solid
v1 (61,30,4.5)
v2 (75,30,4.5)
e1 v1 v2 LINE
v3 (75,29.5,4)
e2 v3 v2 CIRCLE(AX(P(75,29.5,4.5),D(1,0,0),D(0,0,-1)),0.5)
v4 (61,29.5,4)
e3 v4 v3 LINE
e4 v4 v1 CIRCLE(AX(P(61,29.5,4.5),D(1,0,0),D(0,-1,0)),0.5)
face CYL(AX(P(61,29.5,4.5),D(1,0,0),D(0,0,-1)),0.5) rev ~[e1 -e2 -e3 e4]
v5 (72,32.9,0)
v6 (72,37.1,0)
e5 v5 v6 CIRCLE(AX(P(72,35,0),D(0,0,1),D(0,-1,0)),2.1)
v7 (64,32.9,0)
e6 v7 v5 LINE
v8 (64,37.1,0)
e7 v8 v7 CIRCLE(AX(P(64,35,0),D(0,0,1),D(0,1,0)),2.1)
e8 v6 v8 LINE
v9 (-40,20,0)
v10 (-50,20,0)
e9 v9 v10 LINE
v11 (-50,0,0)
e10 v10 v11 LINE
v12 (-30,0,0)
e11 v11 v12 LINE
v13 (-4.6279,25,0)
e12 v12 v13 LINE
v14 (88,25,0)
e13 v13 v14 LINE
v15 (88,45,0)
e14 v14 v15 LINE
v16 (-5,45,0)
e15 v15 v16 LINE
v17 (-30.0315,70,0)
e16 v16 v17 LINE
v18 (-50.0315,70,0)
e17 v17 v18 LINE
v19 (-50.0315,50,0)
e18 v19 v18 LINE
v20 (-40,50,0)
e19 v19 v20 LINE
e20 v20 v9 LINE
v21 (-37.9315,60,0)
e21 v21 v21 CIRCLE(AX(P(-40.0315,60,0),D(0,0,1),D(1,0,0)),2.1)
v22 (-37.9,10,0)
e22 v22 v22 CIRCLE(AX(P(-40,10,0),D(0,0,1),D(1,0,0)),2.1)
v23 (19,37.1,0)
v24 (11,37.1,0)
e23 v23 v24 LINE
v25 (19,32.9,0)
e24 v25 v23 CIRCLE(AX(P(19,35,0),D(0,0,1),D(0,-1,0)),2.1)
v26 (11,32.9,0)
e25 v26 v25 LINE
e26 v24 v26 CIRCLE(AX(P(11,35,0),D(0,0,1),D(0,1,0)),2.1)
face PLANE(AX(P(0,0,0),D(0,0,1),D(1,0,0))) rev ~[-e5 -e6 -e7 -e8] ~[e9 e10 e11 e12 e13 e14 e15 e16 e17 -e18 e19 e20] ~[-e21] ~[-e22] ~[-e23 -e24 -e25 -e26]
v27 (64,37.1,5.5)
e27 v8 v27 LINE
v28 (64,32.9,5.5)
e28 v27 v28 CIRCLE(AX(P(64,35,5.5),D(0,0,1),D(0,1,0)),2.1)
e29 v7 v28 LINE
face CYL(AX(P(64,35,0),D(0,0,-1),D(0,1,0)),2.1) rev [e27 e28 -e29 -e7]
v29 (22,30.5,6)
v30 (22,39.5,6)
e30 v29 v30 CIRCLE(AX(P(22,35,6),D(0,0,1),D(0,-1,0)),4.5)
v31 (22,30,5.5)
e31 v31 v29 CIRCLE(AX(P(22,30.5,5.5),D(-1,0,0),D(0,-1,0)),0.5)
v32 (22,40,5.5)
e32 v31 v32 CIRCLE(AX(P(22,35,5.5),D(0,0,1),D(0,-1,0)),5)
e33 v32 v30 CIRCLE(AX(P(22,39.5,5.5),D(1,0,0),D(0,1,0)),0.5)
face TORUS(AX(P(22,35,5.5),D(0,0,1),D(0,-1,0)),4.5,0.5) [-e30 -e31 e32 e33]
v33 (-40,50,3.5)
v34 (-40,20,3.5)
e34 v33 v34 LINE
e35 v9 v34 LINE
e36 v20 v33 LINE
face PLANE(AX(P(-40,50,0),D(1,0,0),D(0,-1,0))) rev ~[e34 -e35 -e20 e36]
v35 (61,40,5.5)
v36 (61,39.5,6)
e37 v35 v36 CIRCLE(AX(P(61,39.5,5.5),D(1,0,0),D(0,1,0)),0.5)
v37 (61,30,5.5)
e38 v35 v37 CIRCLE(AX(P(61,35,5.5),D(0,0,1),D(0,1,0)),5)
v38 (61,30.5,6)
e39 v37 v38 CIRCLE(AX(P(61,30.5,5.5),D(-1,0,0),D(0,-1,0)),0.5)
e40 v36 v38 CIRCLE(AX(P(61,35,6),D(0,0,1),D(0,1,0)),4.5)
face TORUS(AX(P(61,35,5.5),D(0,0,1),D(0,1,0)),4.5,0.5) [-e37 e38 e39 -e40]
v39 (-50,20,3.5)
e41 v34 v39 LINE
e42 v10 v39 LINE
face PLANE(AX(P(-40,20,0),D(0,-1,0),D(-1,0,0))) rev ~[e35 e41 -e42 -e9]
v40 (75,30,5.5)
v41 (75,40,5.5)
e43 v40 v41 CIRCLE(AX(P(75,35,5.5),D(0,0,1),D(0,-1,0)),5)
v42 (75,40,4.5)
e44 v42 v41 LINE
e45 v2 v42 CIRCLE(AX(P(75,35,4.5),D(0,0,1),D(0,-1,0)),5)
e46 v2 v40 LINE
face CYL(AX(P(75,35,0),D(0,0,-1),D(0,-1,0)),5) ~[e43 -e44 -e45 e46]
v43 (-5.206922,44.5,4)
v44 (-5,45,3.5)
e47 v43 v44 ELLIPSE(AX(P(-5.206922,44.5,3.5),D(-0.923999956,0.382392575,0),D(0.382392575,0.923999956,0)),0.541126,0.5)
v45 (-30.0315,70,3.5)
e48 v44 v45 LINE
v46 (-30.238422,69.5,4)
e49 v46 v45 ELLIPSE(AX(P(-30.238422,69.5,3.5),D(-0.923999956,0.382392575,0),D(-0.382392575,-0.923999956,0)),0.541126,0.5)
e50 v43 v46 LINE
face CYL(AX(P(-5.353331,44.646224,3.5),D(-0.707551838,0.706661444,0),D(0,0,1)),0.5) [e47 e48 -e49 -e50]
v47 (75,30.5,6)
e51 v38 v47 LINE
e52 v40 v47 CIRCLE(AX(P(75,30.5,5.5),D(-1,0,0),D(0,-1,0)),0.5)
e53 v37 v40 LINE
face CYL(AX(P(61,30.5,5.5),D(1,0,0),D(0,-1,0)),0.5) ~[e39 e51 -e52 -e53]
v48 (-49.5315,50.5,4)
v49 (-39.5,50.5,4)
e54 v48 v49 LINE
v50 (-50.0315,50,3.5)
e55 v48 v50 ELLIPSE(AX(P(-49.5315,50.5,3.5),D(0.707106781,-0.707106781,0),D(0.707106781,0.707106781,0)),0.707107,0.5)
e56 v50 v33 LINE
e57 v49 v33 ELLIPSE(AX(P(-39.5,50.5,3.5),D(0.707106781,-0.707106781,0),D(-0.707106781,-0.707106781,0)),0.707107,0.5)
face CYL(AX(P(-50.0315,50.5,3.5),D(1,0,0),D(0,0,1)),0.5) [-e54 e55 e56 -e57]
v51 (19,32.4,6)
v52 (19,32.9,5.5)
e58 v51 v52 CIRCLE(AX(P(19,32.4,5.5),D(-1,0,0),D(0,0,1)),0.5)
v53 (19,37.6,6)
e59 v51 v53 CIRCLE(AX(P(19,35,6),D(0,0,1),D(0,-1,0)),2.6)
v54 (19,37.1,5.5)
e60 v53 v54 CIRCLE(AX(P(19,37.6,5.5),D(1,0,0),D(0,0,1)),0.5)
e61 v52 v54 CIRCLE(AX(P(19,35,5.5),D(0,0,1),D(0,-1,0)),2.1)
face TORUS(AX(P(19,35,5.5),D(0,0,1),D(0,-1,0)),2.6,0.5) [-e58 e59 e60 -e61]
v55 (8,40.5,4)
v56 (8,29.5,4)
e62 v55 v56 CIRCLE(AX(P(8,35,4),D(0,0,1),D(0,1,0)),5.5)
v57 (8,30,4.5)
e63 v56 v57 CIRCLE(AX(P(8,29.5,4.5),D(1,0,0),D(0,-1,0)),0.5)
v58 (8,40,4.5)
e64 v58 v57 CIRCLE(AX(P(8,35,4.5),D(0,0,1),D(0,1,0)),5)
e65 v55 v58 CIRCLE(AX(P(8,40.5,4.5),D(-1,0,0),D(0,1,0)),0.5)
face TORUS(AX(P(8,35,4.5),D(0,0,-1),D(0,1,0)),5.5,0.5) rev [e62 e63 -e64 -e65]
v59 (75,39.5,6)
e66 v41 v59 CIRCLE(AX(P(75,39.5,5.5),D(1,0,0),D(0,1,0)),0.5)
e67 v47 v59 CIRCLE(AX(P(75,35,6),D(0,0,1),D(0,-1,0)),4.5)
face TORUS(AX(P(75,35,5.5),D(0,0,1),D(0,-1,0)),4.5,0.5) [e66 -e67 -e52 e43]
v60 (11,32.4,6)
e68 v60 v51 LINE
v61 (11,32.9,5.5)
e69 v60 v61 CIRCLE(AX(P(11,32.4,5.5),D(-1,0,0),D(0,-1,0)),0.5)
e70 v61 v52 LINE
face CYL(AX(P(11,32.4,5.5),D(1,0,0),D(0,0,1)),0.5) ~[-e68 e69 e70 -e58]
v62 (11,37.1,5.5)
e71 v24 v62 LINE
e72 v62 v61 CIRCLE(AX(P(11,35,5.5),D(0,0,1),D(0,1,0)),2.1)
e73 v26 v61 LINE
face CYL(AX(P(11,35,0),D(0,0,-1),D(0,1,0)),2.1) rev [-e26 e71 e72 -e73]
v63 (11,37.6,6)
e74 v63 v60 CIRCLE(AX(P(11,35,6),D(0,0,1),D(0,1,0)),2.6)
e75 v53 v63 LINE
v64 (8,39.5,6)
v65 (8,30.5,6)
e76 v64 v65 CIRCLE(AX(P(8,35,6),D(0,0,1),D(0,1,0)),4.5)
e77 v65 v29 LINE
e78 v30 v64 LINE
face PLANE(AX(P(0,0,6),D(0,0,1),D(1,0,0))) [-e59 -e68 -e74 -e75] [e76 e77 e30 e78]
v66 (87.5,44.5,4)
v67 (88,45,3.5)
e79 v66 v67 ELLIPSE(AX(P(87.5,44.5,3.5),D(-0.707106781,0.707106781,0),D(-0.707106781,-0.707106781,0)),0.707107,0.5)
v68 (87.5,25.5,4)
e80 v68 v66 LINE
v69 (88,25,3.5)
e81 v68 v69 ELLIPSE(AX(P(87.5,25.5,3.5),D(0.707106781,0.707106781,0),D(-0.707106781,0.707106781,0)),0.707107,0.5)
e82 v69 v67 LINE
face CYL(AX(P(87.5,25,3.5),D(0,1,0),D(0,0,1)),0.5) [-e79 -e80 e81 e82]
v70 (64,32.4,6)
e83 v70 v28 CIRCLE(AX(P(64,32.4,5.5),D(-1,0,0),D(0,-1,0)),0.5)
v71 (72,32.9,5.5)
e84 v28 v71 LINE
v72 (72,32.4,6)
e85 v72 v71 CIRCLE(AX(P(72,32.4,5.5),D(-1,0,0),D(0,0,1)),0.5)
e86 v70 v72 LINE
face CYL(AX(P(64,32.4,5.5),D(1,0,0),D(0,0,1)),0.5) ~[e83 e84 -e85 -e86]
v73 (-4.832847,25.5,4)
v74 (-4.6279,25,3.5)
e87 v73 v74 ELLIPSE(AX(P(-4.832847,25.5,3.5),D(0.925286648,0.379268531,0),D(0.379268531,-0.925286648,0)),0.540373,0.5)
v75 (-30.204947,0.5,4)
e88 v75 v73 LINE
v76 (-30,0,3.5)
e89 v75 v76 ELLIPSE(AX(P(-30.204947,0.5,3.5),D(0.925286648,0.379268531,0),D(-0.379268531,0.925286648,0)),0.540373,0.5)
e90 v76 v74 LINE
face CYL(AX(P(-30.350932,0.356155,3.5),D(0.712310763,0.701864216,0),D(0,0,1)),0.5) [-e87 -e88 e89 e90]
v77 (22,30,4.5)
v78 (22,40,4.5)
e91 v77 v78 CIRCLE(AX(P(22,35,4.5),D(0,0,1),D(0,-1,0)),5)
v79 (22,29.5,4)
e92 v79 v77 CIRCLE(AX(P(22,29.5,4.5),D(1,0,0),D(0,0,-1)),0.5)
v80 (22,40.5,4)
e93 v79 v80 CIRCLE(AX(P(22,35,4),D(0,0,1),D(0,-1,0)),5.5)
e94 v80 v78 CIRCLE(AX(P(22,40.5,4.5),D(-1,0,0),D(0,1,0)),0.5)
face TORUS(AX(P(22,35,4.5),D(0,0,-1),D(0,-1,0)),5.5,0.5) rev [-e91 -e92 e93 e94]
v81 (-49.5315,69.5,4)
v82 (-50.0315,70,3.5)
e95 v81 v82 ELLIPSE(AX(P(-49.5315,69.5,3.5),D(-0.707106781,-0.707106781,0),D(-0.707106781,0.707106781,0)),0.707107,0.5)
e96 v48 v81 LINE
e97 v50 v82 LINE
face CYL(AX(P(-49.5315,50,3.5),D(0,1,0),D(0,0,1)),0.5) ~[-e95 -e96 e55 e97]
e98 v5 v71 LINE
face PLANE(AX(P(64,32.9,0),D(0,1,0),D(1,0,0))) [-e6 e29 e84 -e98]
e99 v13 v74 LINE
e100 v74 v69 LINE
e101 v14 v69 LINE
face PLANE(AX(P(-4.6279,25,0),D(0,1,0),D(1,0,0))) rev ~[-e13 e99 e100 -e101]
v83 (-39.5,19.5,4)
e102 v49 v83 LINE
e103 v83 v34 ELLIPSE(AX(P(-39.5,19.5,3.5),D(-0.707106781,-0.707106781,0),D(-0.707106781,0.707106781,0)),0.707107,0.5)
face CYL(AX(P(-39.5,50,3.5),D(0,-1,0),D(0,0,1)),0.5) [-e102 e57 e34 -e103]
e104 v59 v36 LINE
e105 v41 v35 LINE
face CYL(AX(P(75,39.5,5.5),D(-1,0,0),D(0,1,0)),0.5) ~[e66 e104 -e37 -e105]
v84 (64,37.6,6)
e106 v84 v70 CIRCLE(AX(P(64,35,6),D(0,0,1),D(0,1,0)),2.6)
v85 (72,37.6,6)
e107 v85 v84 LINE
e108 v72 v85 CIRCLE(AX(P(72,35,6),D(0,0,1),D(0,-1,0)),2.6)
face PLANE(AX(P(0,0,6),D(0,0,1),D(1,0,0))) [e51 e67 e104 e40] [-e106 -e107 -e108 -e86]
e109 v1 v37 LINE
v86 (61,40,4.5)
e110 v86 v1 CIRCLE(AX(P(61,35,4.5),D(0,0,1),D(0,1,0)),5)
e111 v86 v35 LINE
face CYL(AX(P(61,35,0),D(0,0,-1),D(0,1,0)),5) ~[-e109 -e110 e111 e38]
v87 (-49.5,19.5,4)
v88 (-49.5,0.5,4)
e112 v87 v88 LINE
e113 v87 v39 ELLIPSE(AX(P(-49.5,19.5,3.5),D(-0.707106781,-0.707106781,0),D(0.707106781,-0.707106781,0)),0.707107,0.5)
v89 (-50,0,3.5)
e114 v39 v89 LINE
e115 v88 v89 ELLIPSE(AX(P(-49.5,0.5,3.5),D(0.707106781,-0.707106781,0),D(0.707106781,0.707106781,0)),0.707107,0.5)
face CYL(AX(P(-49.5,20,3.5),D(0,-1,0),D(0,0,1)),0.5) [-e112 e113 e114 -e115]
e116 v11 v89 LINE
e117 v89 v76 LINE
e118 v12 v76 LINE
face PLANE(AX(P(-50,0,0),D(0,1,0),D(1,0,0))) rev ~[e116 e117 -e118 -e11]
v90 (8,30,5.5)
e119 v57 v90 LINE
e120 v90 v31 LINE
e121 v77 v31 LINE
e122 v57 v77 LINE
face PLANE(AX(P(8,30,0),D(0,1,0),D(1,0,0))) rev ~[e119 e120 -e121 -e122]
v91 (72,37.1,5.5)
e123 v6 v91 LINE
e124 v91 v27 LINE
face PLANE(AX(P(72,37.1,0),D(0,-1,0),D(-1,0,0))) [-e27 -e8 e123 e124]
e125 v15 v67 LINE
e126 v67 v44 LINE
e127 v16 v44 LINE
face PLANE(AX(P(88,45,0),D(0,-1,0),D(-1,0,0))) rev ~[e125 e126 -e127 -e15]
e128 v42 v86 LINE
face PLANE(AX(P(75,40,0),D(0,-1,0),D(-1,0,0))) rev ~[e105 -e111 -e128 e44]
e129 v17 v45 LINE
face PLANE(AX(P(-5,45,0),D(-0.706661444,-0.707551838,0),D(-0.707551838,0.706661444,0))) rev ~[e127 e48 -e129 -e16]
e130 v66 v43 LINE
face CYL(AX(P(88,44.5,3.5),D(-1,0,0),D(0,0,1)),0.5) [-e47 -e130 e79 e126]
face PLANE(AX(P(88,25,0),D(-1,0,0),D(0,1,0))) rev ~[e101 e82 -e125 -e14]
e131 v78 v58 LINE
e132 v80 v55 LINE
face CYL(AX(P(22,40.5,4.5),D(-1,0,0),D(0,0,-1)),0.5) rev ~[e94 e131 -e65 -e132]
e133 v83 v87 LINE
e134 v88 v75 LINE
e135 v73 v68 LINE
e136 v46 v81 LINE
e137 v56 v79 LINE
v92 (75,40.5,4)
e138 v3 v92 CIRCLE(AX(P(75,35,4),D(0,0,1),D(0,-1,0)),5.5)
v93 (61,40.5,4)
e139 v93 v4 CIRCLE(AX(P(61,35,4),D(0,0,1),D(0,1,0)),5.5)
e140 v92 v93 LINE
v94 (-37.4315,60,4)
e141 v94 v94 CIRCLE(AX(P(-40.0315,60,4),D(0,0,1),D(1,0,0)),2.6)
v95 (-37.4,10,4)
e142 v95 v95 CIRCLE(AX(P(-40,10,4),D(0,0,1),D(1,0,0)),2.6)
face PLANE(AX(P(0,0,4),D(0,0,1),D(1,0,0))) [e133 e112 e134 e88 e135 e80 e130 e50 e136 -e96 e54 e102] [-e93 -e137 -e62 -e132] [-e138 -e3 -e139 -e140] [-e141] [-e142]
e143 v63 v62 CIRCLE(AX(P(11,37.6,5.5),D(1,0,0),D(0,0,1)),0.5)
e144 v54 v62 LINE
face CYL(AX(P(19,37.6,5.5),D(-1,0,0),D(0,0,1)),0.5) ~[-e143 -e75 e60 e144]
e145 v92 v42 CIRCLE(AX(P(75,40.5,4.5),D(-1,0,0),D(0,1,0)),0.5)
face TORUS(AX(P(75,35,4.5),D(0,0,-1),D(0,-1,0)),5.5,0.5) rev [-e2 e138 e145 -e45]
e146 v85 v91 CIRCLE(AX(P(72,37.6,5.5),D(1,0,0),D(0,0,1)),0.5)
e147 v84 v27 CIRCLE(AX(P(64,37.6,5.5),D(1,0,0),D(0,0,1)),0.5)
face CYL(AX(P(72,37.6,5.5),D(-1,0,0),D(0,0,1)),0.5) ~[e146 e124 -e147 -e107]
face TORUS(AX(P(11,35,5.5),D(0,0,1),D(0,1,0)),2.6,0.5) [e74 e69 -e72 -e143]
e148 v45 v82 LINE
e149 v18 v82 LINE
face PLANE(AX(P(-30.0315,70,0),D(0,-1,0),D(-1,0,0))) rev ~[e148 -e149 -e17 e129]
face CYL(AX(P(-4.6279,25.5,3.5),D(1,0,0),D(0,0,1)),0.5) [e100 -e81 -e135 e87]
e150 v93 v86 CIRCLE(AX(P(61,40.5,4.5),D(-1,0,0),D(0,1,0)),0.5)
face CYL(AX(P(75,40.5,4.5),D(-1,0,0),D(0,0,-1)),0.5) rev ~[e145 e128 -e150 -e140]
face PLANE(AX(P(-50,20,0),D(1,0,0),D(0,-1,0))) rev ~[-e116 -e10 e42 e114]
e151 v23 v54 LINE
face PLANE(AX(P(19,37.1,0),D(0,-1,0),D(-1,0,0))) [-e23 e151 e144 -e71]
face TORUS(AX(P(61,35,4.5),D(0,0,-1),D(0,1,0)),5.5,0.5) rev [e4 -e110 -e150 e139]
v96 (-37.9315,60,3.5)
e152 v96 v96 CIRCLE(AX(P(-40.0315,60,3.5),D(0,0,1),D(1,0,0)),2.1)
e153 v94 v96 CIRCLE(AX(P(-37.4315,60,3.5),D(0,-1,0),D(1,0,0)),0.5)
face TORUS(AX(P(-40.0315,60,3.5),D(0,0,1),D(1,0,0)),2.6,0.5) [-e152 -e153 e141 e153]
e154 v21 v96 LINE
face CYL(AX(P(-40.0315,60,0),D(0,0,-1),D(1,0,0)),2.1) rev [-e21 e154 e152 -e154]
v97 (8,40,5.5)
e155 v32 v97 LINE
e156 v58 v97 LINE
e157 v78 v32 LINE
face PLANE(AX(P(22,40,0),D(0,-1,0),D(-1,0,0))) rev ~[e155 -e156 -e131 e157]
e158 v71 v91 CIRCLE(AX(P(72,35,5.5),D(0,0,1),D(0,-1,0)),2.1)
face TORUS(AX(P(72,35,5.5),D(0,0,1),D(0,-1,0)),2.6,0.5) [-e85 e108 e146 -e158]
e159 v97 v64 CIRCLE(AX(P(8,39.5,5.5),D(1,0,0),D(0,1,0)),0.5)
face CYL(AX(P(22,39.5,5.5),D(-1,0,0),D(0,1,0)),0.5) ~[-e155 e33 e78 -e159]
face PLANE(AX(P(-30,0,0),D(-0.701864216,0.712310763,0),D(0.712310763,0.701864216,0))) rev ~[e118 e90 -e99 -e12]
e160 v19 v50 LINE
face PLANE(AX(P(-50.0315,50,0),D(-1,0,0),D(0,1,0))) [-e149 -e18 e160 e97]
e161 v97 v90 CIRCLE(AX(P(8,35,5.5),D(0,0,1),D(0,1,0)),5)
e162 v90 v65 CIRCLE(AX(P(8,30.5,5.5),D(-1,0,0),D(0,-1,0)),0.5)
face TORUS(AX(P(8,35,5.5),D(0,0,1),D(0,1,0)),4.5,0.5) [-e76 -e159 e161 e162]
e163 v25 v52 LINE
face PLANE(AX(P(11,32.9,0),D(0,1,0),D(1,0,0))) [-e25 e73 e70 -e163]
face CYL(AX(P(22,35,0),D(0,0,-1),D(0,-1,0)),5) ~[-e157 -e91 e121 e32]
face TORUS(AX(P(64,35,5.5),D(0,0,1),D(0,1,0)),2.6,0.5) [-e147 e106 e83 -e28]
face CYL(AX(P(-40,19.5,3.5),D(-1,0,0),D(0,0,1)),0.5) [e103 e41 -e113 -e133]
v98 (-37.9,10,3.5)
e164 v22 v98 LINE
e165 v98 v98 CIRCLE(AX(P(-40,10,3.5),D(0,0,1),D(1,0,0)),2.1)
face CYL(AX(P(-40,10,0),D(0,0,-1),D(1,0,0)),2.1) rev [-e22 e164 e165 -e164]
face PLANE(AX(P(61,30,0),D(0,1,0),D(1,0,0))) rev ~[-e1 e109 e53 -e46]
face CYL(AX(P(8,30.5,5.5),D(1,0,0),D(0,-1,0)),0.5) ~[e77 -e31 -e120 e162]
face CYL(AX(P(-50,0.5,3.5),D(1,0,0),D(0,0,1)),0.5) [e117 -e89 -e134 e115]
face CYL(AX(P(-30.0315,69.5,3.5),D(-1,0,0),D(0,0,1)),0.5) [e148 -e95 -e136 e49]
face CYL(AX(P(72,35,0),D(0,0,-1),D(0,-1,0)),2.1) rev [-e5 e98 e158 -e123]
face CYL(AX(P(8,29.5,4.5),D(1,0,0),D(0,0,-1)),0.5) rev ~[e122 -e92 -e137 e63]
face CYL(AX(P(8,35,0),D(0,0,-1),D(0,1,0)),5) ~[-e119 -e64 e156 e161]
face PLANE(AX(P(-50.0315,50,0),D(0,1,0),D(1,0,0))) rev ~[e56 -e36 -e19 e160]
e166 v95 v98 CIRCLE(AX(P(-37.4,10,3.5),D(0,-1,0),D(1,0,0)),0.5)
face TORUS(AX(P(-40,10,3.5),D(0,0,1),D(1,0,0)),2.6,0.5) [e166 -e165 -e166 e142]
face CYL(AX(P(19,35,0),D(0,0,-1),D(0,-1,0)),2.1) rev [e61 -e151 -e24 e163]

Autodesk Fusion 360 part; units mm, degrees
sketch "Boceto1" plane through (0, 0, 0) normal (0, 0, 1) x (1, 0, 0)
  line L0 (-50.0315, 50) -> (-50.0315, 70)
  line L1 (-50.0315, 50) -> (-40, 50)
  line L2 (-40, 50) -> (-40, 20)
  line L3 (-40, 20) -> (-50, 20)
  line L4 (-50, 20) -> (-50, 0)
  line L5 (-50, 0) -> (-30, 0)
  line L6 (-30, 0) -> (-4.6279, 25)
  line L7 (-4.6279, 25) -> (88, 25)
  line L8 (88, 25) -> (88, 45)
  line L9 (88, 45) -> (-5, 45)
  line L10 (-5, 45) -> (-30.0315, 70)
  line L11 (-30.0315, 70) -> (-50.0315, 70)
  line L12 (72, 37.1) -> (64, 37.1)
  arc A0 (64, 37.1) -> (64, 32.9) centre (64, 35) ccw
  line L13 (64, 32.9) -> (72, 32.9)
  arc A1 (72, 32.9) -> (72, 37.1) centre (72, 35) ccw
  line L14 (19, 37.1) -> (11, 37.1)
  arc A2 (11, 37.1) -> (11, 32.9) centre (11, 35) ccw
  line L15 (11, 32.9) -> (19, 32.9)
  arc A3 (19, 32.9) -> (19, 37.1) centre (19, 35) ccw
  arc A4 (8, 40) -> (8, 30) centre (8, 35) ccw
  line L16 (8, 30) -> (22, 30)
  arc A5 (22, 30) -> (22, 40) centre (22, 35) ccw
  line L17 (22, 40) -> (8, 40)
  arc A6 (61, 40) -> (61, 30) centre (61, 35) ccw
  line L18 (61, 30) -> (75, 30)
  arc A7 (75, 30) -> (75, 40) centre (75, 35) ccw
  line L19 (75, 40) -> (61, 40)
  circle A8 centre (-40.0315, 60) radius 2.1
  circle A9 centre (-40, 10) radius 2.1
  dimension "d1" = 20
  dimension "d4" = 30
  dimension "d5" = 20
  dimension "d6" = 20
  dimension "d7" = 20
  dimension "d8" = 20
  dimension "d10" = 8
  dimension "d11" = 4.2
  dimension "d12" = 16
  dimension "d13" = 7.9
  dimension "d14" = 8
  dimension "d15" = 4.2
  dimension "d16" = 45
  dimension "d17" = 14
  dimension "d18" = 10
  dimension "d19" = 3
  dimension "d20" = 14
  dimension "d21" = 10
  dimension "d22" = 3
  dimension "d23" = 4.2
  dimension "d24" = 4.2
extrude "Extruir1" add sketch "Boceto1" along normal blind 6 contours A4 L16 A5 L17 | A6 L18 A7 L19 makes body 1 at (13.6667, 39.0333, 0) makes body 2 at (69.3333, 30.9667, 0)
extrude "Extruir2" add sketch "Boceto1" along normal blind 4 contours L0 L1 L2 L3 L4 L5 L6 L7 L8 L9 L10 L11 bodies 1 2
fillet "Empalme1" radius 0.5 11 faces at (-28.3333, 38.3333, 4) (13.6667, 39.0333, 6) (69.3333, 30.9667, 6) (3.4425, 32.9436, 4.6667) (12.6667, 30, 4.6667) (23.9422, 39.6074, 4.6667) (17.3333, 40, 4.6667) (59.7662, 39.8454, 5.3333) (65.6667, 30, 4.6667) (76.9422, 39.6074, 4.6667) (70.3333, 40, 4.6667) on bodies 1
